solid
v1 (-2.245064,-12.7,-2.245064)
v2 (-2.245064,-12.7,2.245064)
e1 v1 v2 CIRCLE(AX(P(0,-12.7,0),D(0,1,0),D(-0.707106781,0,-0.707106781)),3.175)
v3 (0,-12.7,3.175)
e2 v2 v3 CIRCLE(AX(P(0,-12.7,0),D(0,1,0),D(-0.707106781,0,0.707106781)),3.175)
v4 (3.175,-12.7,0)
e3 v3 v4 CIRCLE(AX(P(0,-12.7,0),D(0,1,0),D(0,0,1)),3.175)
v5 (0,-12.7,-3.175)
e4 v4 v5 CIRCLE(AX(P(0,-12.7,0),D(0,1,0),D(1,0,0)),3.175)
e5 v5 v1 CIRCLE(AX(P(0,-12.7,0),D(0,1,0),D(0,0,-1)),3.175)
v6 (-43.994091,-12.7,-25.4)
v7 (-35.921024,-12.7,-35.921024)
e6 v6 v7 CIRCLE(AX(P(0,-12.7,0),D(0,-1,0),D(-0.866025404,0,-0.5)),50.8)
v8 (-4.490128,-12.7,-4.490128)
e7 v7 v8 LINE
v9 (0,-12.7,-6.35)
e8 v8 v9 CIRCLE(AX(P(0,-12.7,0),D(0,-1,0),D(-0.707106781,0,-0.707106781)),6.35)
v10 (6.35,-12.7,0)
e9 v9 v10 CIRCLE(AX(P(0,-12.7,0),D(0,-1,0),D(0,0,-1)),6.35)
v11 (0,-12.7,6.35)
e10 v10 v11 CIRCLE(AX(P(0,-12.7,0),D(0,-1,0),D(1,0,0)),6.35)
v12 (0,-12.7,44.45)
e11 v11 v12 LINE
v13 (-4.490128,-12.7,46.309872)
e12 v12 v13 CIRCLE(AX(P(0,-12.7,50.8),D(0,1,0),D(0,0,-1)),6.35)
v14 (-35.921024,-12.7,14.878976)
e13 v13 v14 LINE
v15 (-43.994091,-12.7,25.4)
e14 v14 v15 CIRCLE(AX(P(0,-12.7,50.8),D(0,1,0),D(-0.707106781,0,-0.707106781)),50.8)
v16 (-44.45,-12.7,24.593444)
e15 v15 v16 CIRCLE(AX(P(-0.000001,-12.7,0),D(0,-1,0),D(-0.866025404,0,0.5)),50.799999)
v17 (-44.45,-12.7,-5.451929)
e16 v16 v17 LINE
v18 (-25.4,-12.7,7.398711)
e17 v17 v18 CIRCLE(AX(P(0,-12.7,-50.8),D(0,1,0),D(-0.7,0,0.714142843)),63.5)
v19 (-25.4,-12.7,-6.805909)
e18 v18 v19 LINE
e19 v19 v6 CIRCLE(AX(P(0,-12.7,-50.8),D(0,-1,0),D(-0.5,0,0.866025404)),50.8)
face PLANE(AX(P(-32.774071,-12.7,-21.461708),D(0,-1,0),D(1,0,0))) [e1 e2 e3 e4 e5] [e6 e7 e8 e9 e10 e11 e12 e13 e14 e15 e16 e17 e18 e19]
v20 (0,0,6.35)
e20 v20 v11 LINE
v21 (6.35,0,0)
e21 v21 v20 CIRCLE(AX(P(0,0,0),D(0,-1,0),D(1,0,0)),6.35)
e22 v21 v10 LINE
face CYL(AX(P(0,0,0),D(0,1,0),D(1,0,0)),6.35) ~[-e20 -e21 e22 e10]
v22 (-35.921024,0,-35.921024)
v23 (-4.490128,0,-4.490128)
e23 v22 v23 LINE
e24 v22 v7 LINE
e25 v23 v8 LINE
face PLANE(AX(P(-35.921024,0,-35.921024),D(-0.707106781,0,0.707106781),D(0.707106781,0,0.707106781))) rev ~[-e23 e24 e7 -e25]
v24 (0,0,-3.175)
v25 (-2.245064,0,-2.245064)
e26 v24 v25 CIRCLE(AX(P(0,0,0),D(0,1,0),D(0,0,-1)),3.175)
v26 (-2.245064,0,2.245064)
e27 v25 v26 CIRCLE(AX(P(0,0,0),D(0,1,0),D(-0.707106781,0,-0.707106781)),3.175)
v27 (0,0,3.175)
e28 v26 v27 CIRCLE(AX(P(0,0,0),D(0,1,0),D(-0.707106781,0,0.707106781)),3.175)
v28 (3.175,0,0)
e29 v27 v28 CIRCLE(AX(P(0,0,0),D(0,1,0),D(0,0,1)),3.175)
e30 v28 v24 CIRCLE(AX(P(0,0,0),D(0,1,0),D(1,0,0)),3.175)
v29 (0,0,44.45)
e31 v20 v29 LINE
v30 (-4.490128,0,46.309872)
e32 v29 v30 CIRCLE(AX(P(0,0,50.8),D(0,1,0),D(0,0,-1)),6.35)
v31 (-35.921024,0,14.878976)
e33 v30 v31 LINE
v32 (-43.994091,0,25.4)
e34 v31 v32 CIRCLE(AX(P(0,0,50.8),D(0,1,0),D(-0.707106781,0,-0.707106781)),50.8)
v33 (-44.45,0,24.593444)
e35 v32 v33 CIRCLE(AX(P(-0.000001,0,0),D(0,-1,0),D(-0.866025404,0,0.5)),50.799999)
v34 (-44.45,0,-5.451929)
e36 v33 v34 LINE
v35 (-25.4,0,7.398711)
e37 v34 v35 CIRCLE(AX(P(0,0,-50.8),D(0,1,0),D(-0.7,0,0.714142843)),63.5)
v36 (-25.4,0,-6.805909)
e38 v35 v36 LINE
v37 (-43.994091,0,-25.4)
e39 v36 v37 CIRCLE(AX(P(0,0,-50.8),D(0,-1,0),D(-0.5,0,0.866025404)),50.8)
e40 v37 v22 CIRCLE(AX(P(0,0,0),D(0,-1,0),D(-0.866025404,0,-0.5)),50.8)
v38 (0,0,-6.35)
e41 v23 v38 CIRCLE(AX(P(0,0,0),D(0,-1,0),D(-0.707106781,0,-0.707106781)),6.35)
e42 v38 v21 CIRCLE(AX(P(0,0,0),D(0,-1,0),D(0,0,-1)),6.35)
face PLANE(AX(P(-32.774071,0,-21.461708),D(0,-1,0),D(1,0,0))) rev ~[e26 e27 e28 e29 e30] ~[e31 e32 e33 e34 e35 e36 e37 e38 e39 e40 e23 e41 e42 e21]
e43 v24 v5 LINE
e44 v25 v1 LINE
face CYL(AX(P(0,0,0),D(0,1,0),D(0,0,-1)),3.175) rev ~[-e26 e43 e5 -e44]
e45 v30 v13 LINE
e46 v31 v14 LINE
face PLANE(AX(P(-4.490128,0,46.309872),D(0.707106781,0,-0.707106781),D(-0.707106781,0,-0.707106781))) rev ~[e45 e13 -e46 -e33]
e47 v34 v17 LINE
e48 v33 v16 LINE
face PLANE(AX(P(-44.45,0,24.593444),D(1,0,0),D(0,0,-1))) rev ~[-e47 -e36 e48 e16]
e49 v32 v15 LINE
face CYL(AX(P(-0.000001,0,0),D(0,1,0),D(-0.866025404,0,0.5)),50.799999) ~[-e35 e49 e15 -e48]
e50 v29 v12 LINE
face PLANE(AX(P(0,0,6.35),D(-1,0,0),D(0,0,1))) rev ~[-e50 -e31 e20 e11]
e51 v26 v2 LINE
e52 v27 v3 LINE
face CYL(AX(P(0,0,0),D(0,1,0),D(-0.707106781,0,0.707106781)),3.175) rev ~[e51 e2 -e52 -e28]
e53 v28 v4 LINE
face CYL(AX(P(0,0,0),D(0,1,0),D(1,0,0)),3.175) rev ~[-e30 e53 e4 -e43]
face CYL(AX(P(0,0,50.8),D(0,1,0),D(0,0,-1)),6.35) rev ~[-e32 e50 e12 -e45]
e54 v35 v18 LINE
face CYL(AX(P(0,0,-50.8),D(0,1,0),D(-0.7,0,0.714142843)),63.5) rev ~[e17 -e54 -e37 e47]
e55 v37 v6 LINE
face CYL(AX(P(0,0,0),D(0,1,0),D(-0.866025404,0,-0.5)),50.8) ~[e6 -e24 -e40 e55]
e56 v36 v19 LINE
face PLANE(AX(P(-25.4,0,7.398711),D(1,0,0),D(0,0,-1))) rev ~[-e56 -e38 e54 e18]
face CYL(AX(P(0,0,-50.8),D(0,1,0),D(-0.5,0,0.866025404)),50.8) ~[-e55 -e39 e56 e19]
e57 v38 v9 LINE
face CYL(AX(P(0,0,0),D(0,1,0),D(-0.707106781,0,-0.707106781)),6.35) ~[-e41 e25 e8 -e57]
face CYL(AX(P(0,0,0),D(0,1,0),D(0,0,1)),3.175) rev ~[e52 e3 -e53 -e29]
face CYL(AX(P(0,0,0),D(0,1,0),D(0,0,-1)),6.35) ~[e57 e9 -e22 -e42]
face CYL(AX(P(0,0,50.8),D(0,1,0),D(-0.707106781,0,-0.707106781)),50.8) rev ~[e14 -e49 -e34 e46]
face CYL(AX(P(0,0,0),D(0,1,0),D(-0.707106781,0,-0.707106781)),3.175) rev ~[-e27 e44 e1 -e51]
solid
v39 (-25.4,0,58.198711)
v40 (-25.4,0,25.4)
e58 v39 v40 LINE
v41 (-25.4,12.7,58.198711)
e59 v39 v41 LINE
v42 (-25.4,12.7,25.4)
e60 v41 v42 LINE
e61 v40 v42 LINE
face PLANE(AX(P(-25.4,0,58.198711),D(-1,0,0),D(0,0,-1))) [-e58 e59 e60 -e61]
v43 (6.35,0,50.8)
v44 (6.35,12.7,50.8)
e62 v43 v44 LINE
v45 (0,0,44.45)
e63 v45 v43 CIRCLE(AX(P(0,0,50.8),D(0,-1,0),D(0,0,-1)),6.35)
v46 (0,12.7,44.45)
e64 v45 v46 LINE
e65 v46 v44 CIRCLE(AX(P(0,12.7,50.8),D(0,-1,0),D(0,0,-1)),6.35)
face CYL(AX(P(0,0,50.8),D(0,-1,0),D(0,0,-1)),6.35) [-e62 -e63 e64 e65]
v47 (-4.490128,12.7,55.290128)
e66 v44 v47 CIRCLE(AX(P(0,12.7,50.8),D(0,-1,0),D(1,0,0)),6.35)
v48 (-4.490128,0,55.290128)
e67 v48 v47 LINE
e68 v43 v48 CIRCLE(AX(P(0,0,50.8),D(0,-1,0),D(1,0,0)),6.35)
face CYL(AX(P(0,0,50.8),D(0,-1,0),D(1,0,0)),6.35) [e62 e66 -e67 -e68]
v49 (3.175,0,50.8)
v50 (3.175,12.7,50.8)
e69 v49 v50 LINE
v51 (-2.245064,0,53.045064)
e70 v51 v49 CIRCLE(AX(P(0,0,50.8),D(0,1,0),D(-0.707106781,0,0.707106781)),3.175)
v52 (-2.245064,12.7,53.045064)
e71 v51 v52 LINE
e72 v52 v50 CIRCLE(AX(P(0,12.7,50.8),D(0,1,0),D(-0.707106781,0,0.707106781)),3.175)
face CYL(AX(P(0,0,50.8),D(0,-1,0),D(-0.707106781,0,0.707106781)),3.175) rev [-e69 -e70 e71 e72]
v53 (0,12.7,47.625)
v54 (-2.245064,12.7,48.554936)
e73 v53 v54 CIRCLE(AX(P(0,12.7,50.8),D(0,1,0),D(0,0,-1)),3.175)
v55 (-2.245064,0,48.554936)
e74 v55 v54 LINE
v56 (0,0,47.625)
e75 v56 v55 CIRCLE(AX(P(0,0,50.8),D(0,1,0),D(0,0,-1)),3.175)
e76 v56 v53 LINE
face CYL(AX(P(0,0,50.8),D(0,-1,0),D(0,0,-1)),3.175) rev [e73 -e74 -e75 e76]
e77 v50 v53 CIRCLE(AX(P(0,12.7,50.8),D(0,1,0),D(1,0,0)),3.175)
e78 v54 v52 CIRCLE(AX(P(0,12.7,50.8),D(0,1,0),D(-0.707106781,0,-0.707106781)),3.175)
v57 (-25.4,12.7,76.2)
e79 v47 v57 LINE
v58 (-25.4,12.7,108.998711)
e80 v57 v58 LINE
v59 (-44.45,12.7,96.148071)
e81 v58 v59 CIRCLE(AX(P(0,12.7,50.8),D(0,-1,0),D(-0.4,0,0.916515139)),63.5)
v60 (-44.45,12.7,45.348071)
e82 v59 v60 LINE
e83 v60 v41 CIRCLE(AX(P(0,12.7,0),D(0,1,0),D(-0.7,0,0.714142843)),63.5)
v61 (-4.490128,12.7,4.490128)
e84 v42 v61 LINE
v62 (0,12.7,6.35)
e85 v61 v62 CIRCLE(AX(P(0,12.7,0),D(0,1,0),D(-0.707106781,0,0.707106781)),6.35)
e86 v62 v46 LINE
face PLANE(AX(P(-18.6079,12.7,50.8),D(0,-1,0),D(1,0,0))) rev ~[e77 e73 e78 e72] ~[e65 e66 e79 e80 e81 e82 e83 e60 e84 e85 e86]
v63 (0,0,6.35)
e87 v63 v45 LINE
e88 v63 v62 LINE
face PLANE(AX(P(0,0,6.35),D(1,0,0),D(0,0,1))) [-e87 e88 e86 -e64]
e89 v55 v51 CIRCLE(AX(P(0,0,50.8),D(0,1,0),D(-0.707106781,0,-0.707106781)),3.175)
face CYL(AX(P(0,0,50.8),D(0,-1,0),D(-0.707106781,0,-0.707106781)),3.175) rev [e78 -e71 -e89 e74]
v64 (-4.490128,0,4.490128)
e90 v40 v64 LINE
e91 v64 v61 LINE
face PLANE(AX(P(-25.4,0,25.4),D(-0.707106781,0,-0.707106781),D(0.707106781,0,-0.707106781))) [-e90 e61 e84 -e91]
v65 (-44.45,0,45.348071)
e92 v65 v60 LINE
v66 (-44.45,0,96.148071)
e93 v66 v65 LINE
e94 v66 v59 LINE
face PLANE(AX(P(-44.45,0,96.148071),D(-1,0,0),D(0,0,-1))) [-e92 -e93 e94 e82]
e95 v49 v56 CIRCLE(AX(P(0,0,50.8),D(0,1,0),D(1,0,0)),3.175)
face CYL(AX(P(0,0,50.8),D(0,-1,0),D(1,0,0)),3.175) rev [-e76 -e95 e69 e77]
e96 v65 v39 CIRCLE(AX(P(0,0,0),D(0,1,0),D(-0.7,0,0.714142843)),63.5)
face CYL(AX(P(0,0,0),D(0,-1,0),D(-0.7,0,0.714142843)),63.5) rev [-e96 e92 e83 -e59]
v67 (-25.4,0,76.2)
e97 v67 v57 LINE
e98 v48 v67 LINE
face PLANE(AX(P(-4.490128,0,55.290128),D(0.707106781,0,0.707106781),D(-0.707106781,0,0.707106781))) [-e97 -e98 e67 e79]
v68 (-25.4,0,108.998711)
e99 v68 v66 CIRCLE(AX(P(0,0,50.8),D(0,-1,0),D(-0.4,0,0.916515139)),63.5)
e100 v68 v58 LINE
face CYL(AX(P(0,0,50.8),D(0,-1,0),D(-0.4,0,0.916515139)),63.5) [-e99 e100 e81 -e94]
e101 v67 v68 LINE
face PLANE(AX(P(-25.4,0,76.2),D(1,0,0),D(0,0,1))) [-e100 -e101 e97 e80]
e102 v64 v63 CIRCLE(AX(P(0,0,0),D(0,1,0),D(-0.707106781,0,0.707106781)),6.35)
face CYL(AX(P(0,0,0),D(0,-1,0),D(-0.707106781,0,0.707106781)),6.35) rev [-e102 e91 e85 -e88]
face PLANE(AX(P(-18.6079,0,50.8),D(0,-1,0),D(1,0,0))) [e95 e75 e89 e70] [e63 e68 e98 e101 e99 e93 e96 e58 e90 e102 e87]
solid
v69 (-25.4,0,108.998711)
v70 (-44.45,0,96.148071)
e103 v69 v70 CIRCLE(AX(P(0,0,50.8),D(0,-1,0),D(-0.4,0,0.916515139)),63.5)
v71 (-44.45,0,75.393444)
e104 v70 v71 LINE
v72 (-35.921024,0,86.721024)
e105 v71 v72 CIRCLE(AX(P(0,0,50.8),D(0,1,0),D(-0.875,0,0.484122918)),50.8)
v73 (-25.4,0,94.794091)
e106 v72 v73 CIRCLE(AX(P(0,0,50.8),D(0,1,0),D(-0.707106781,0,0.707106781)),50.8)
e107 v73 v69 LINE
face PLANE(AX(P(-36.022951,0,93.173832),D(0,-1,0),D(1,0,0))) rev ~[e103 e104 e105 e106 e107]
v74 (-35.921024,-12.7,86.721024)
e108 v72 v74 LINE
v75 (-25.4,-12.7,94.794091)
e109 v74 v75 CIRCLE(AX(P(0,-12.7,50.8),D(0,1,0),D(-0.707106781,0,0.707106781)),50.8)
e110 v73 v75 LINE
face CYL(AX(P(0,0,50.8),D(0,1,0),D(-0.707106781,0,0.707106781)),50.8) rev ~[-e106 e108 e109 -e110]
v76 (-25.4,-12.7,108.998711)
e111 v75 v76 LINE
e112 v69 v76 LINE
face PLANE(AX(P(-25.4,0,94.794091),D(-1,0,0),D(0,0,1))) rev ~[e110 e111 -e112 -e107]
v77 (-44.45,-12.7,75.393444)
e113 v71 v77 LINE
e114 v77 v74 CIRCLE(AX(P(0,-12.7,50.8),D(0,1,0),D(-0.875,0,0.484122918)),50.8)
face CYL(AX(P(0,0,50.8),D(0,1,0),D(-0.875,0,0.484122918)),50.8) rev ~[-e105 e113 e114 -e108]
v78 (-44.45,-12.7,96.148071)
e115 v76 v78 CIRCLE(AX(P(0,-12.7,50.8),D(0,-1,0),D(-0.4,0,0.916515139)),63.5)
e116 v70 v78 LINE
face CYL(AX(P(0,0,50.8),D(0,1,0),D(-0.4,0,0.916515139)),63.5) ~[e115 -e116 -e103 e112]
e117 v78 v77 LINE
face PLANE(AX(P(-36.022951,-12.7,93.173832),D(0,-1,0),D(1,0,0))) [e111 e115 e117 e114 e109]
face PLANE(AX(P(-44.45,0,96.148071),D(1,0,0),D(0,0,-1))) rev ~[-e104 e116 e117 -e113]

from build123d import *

# Parameters (mm, degrees)
F1_DEPTH = 12.7
F2_DEPTH = 12.7


with BuildPart() as f1:
    # F0 (on Front) → F1 (new body)
    with BuildSketch(Plane.XZ):
        with BuildLine():
            Line((-35.9210244843, -35.9210244843), (-25.4, -25.4))
            Line((-25.4, -25.4), (-25.4, -6.8059094878))
            ThreePointArc((-25.4, -6.8059094878), (-35.9210244843, -14.8789755157), (-43.9940905122, -25.4))
            ThreePointArc((-43.9940905122, -25.4), (-40.3023496868, -30.9250805936), (-35.9210244843, -35.9210244843))
        make_face()
        with BuildLine():
            ThreePointArc((-4.4901280605, -4.4901280605), (-6.35, 0), (-4.4901280605, 4.4901280605))
            Line((-4.4901280605, 4.4901280605), (-25.4, 25.4))
            Line((-25.4, 25.4), (-25.4, 7.3987113259))
            Line((-25.4, 7.3987113259), (-25.4, -6.8059094878))
            Line((-25.4, -6.8059094878), (-25.4, -25.4))
            Line((-25.4, -25.4), (-4.4901280605, -4.4901280605))
        make_face()
        with BuildLine():
            ThreePointArc((-4.4901280605, 4.4901280605), (-2.4300397955, 5.8666350314), (0, 6.35))
            Line((0, 6.35), (0, 44.45))
            ThreePointArc((0, 44.45), (-2.4300397955, 44.9333649686), (-4.4901280605, 46.3098719395))
            Line((-4.4901280605, 46.3098719395), (-25.4, 25.4))
            Line((-25.4, 25.4), (-4.4901280605, 4.4901280605))
        make_face()
        with BuildLine():
            Line((-25.4, 7.3987113259), (-25.4, 25.4))
            Line((-25.4, 25.4), (-35.9210244843, 14.8789755157))
            Line((-35.9210244843, 14.8789755157), (-44.45, 6.35))
            Line((-44.45, 6.35), (-44.45, -5.4519294788))
            ThreePointArc((-44.45, -5.4519294788), (-35.5111301886, 1.8422798967), (-25.4, 7.3987113259))
        make_face()
        with BuildLine():
            ThreePointArc((0, -6.35), (4.4901280605, -4.4901280605), (6.35, 0))
            ThreePointArc((6.35, 0), (4.4901280605, 4.4901280605), (0, 6.35))
            Line((0, 6.35), (0, 3.175))
            ThreePointArc((0, 3.175), (2.2450640303, 2.2450640303), (3.175, 0))
            ThreePointArc((3.175, 0), (2.2450640303, -2.2450640303), (0, -3.175))
            Line((0, -3.175), (0, -6.35))
        make_face()
        with BuildLine():
            Line((-2.2450640303, 2.2450640303), (-4.4901280605, 4.4901280605))
            ThreePointArc((-4.4901280605, 4.4901280605), (-6.35, 0), (-4.4901280605, -4.4901280605))
            Line((-4.4901280605, -4.4901280605), (-2.2450640303, -2.2450640303))
            ThreePointArc((-2.2450640303, -2.2450640303), (-3.175, 0), (-2.2450640303, 2.2450640303))
        make_face()
        with BuildLine():
            Line((0, 3.175), (0, 6.35))
            ThreePointArc((0, 6.35), (-2.4300397955, 5.8666350314), (-4.4901280605, 4.4901280605))
            Line((-4.4901280605, 4.4901280605), (-2.2450640303, 2.2450640303))
            ThreePointArc((-2.2450640303, 2.2450640303), (-1.2150198978, 2.9333175157), (0, 3.175))
        make_face()
        with BuildLine():
            ThreePointArc((-4.4901280605, -4.4901280605), (-2.4300397955, -5.8666350314), (0, -6.35))
            Line((0, -6.35), (0, -3.175))
            ThreePointArc((0, -3.175), (-1.2150198978, -2.9333175157), (-2.2450640303, -2.2450640303))
            Line((-2.2450640303, -2.2450640303), (-4.4901280605, -4.4901280605))
        make_face()
        with BuildLine():
            Line((-44.45, 6.35), (-35.9210244843, 14.8789755157))
            ThreePointArc((-35.9210244843, 14.8789755157), (-40.3023496868, 19.8749194064), (-43.9940905122, 25.4))
            ThreePointArc((-43.9940905122, 25.4), (-44.2238840411, 24.9977615062), (-44.45, 24.5934442484))
            Line((-44.45, 24.5934442484), (-44.45, 6.35))
        make_face()
    extrude(amount=F1_DEPTH)


with BuildPart() as f1b:
    # F0 (on Front) → F1, piece 2 (new body)
    with BuildSketch(Plane.XZ):
        with BuildLine():
            ThreePointArc((-44.45, 75.3934442484), (-40.5826799591, 81.3562773802), (-35.9210244843, 86.7210244843))
            ThreePointArc((-35.9210244843, 86.7210244843), (-30.9250805936, 91.1023496868), (-25.4, 94.7940905122))
            Line((-25.4, 94.7940905122), (-25.4, 108.9987113259))
            ThreePointArc((-25.4, 108.9987113259), (-35.5111301886, 103.4422798967), (-44.45, 96.1480705212))
            Line((-44.45, 96.1480705212), (-44.45, 75.3934442484))
        make_face()
    extrude(amount=F1_DEPTH)


with BuildPart() as f2:
    # F0 (on Front) → F2 (new body)
    with BuildSketch(Plane.XZ):
        with BuildLine():
            Line((-25.4, 43.9940905122), (-25.4, 25.4))
            Line((-25.4, 25.4), (-4.4901280605, 46.3098719395))
            ThreePointArc((-4.4901280605, 46.3098719395), (-6.35, 50.8), (-4.4901280605, 55.2901280605))
            Line((-4.4901280605, 55.2901280605), (-25.4, 76.2))
            Line((-25.4, 76.2), (-25.4, 58.1987113259))
            Line((-25.4, 58.1987113259), (-25.4, 43.9940905122))
        make_face()
        with BuildLine():
            ThreePointArc((-44.45, 45.3480705212), (-35.5111301886, 52.6422798967), (-25.4, 58.1987113259))
            Line((-25.4, 58.1987113259), (-25.4, 76.2))
            Line((-25.4, 76.2), (-35.9210244843, 86.7210244843))
            ThreePointArc((-35.9210244843, 86.7210244843), (-40.5826799591, 81.3562773802), (-44.45, 75.3934442484))
            Line((-44.45, 75.3934442484), (-44.45, 45.3480705212))
        make_face()
        with BuildLine():
            Line((-35.9210244843, 86.7210244843), (-25.4, 76.2))
            Line((-25.4, 76.2), (-25.4, 94.7940905122))
            ThreePointArc((-25.4, 94.7940905122), (-30.9250805936, 91.1023496868), (-35.9210244843, 86.7210244843))
        make_face()
        with BuildLine():
            ThreePointArc((-44.45, 75.3934442484), (-40.5826799591, 81.3562773802), (-35.9210244843, 86.7210244843))
            ThreePointArc((-35.9210244843, 86.7210244843), (-30.9250805936, 91.1023496868), (-25.4, 94.7940905122))
            Line((-25.4, 94.7940905122), (-25.4, 108.9987113259))
            ThreePointArc((-25.4, 108.9987113259), (-35.5111301886, 103.4422798967), (-44.45, 96.1480705212))
            Line((-44.45, 96.1480705212), (-44.45, 75.3934442484))
        make_face()
        with BuildLine():
            ThreePointArc((-4.4901280605, 55.2901280605), (-6.35, 50.8), (-4.4901280605, 46.3098719395))
            Line((-4.4901280605, 46.3098719395), (-2.2450640303, 48.5549359697))
            ThreePointArc((-2.2450640303, 48.5549359697), (-3.175, 50.8), (-2.2450640303, 53.0450640303))
            Line((-2.2450640303, 53.0450640303), (-4.4901280605, 55.2901280605))
        make_face()
        with BuildLine():
            Line((0, 47.625), (0, 44.45))
            ThreePointArc((0, 44.45), (4.4901280605, 46.3098719395), (6.35, 50.8))
            ThreePointArc((6.35, 50.8), (2.4300397955, 56.6666350314), (-4.4901280605, 55.2901280605))
            Line((-4.4901280605, 55.2901280605), (-2.2450640303, 53.0450640303))
            ThreePointArc((-2.2450640303, 53.0450640303), (1.2150198978, 53.7333175157), (3.175, 50.8))
            ThreePointArc((3.175, 50.8), (2.2450640303, 48.5549359697), (0, 47.625))
        make_face()
        with BuildLine():
            ThreePointArc((-4.4901280605, 46.3098719395), (-2.4300397955, 44.9333649686), (0, 44.45))
            Line((0, 44.45), (0, 47.625))
            ThreePointArc((0, 47.625), (-1.2150198978, 47.8666824843), (-2.2450640303, 48.5549359697))
            Line((-2.2450640303, 48.5549359697), (-4.4901280605, 46.3098719395))
        make_face()
        with BuildLine():
            ThreePointArc((-4.4901280605, 4.4901280605), (-2.4300397955, 5.8666350314), (0, 6.35))
            Line((0, 6.35), (0, 44.45))
            ThreePointArc((0, 44.45), (-2.4300397955, 44.9333649686), (-4.4901280605, 46.3098719395))
            Line((-4.4901280605, 46.3098719395), (-25.4, 25.4))
            Line((-25.4, 25.4), (-4.4901280605, 4.4901280605))
        make_face()
    extrude(amount=-F2_DEPTH)


solid = Compound([f1.part, f1b.part, f2.part])
